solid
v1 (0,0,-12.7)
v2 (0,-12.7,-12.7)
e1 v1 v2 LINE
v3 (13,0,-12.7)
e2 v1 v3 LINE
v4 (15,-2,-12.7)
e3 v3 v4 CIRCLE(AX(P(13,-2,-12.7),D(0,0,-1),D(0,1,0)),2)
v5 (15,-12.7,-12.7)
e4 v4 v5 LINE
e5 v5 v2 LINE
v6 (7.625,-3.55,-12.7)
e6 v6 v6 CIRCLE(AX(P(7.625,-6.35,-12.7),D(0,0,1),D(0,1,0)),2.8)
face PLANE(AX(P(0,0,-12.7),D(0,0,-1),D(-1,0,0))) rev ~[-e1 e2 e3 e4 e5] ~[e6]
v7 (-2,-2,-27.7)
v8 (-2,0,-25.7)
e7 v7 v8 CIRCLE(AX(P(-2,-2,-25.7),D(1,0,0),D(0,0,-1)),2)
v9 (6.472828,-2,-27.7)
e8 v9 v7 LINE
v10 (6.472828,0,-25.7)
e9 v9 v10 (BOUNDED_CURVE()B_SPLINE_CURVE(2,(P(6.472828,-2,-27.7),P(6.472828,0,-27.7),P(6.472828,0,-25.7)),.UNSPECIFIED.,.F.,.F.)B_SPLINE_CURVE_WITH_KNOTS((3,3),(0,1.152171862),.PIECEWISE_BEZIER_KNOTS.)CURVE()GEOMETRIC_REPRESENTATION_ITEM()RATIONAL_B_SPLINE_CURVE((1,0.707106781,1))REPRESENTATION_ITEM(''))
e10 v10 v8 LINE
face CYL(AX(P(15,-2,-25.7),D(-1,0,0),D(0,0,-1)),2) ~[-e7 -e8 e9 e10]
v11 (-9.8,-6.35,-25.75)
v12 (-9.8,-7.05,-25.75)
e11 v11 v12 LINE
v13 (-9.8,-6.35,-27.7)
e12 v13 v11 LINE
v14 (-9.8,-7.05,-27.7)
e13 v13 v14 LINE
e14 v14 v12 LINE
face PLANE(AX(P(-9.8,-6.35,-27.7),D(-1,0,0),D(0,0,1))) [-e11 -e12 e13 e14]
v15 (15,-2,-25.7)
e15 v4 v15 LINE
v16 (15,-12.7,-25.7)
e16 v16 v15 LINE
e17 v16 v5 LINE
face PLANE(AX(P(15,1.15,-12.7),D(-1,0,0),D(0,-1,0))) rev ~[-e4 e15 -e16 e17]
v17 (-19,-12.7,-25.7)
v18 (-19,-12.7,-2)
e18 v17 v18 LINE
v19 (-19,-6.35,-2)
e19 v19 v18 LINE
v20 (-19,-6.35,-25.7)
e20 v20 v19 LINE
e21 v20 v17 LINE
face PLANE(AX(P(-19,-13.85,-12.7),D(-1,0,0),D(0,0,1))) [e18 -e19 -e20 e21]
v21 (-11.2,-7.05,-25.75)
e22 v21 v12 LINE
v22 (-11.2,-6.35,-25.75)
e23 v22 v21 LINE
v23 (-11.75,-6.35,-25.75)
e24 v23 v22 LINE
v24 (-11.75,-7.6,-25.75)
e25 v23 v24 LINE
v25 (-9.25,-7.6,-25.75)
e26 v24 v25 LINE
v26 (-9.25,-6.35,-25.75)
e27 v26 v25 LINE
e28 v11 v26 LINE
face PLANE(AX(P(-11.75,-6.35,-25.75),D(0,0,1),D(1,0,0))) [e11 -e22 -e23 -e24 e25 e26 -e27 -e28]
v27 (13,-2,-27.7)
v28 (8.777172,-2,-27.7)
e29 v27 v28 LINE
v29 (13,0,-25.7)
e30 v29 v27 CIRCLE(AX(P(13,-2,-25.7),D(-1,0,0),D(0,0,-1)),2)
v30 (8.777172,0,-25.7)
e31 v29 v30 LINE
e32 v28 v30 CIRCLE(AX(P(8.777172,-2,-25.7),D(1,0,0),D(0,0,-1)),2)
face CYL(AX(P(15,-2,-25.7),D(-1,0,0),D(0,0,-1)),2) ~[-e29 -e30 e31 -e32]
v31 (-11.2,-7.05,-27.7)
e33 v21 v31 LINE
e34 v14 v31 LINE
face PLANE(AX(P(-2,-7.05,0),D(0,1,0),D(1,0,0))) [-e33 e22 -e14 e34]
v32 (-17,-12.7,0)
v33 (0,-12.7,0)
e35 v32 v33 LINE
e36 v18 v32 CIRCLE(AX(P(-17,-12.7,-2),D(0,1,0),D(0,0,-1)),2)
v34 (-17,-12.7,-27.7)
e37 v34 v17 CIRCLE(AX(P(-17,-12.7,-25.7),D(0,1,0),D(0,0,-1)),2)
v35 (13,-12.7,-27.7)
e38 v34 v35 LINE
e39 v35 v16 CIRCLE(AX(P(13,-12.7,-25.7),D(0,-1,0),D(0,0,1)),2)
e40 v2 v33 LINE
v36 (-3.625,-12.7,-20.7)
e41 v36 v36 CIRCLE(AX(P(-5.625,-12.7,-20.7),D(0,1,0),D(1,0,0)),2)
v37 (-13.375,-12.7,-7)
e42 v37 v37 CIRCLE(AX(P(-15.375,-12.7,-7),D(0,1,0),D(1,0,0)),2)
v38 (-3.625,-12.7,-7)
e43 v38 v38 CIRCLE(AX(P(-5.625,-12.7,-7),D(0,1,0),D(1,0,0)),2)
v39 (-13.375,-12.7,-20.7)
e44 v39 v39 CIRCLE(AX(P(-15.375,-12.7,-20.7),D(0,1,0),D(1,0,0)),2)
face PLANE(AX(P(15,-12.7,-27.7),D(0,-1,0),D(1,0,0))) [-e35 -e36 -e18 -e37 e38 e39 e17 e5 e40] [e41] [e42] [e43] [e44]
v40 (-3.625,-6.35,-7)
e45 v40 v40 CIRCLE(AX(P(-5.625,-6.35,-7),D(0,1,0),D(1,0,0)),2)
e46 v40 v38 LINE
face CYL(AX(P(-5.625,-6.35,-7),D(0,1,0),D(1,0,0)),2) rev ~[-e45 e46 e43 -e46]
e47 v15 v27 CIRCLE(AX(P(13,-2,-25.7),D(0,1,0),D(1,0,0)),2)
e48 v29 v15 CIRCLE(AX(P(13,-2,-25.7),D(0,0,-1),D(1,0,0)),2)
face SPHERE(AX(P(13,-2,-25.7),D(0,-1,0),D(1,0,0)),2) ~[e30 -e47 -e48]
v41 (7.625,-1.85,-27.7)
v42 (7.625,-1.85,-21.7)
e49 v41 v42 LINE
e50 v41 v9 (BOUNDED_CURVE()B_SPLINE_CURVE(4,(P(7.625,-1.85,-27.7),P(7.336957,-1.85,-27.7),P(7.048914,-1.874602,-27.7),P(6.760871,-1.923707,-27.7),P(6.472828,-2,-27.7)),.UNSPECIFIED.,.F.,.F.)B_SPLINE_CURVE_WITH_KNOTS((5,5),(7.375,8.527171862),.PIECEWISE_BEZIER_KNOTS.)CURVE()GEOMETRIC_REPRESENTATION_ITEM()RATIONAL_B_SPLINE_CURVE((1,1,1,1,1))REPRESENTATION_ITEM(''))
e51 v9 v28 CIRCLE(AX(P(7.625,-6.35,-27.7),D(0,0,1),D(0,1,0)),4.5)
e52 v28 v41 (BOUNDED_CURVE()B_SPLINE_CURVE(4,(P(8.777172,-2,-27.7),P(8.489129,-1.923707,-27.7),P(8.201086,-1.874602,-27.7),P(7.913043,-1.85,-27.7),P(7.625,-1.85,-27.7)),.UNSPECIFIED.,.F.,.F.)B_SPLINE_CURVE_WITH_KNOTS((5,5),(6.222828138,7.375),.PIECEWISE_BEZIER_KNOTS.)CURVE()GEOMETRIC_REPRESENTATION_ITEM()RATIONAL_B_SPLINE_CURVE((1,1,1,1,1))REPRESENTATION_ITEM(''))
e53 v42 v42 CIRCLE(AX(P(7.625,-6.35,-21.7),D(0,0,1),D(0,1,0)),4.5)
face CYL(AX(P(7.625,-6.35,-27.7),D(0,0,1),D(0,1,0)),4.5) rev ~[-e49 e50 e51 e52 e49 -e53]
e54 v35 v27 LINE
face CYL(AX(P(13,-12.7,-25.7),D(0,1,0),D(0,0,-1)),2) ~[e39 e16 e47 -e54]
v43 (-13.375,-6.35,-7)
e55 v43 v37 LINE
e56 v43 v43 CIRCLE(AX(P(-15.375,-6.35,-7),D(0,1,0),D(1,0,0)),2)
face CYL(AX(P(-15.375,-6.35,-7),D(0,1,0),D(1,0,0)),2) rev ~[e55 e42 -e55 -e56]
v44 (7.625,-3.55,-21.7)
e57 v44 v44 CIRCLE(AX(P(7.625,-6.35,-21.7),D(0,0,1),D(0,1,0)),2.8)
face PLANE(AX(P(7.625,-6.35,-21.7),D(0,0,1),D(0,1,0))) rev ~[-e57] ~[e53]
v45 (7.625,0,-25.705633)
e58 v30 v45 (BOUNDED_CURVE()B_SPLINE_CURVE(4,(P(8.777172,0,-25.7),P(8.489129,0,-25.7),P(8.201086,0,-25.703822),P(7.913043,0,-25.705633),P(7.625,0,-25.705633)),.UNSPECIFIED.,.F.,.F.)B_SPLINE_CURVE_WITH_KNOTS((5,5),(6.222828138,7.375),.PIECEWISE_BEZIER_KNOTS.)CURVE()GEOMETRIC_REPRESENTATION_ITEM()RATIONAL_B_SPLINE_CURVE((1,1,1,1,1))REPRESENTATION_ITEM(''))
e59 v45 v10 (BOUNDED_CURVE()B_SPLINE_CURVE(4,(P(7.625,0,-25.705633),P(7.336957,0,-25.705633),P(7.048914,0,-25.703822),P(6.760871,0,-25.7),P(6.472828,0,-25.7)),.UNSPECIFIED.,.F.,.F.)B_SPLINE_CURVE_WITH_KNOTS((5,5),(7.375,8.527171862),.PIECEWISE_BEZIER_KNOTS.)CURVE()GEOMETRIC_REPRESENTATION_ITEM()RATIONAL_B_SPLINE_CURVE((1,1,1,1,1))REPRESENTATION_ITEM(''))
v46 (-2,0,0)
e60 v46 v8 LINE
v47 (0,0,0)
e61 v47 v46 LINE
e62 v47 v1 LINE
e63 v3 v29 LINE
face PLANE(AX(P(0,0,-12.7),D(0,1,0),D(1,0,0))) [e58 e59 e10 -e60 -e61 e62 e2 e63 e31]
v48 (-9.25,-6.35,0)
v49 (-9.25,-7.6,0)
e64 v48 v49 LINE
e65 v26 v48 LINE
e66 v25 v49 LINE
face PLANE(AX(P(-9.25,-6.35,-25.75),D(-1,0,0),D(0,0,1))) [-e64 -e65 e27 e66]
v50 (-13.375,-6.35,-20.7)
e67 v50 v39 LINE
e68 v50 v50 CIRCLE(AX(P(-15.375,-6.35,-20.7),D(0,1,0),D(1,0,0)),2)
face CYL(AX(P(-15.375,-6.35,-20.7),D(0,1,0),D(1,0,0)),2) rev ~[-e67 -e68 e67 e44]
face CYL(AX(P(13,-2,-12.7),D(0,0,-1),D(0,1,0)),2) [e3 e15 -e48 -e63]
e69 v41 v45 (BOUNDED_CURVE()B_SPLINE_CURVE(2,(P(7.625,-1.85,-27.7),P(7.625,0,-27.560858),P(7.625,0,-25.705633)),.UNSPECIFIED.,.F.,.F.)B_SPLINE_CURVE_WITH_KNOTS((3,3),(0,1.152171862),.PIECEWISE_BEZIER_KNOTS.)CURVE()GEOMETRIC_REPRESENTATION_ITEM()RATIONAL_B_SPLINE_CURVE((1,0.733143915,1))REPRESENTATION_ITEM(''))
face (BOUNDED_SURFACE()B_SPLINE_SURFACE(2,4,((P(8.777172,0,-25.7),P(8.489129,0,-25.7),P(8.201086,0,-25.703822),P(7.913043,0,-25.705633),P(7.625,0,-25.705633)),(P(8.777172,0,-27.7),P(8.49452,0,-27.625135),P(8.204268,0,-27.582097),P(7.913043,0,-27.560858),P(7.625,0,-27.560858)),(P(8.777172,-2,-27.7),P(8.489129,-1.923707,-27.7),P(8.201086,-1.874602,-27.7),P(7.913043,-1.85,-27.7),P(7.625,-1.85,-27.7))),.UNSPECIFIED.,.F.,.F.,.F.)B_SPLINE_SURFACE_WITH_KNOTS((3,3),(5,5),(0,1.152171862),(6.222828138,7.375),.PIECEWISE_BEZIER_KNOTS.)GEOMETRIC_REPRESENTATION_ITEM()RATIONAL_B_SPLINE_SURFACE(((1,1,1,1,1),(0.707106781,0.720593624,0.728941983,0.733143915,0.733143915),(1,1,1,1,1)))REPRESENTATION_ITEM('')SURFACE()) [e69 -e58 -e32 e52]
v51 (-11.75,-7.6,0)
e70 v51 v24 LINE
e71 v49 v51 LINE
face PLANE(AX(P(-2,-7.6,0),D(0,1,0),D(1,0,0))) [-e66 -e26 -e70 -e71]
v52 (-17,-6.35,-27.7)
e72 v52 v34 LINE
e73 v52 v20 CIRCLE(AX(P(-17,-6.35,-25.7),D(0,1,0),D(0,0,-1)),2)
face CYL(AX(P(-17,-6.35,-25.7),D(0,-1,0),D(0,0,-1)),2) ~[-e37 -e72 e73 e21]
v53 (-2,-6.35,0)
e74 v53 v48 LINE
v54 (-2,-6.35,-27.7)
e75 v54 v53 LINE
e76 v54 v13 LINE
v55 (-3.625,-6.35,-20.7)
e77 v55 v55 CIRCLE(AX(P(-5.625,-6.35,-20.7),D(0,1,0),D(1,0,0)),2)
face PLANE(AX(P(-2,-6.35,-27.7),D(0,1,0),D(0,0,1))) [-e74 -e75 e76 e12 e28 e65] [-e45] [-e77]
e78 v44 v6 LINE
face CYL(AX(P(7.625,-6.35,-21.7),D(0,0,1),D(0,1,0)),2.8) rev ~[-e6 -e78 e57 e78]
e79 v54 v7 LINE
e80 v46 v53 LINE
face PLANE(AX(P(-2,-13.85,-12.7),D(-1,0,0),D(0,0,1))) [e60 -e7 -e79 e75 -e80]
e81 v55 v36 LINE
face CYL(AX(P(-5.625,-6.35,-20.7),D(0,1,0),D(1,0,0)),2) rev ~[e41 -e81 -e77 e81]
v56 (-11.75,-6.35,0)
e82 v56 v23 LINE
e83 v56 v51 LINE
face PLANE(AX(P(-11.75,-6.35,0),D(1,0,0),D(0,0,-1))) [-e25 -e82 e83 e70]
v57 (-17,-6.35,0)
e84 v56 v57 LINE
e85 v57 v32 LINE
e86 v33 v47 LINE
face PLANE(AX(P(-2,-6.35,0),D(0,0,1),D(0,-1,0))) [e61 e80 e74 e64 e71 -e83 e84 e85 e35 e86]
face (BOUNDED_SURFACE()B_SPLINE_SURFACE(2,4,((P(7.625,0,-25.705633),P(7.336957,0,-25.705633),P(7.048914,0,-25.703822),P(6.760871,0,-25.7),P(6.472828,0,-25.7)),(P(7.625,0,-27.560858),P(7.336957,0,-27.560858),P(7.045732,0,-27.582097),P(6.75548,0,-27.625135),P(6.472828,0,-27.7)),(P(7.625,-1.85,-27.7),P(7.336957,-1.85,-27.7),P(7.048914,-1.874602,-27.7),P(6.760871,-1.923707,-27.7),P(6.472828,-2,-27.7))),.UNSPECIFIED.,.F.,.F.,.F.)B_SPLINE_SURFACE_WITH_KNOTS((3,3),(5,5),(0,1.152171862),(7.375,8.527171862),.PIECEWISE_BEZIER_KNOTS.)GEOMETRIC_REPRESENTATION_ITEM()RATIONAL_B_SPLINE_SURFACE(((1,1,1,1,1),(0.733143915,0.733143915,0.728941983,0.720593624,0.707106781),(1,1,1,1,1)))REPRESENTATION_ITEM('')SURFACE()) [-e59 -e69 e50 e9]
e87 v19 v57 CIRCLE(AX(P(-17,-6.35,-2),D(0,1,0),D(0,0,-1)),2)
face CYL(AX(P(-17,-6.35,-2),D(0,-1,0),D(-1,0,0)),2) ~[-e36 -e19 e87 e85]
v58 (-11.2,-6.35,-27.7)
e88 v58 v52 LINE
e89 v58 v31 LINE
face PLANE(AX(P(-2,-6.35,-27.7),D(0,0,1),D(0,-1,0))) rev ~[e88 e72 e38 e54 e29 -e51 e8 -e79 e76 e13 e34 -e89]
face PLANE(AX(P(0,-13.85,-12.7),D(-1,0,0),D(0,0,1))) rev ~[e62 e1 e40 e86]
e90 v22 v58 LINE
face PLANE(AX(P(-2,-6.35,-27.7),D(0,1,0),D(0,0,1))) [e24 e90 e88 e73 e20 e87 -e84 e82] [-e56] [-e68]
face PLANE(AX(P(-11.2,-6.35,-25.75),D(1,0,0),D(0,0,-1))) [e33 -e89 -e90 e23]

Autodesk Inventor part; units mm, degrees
ref_plane "YZ Plane" through (0, 0, 0) normal (1, 0, 0) x (0, 1, 0)
ref_plane "XZ Plane" through (0, 0, 0) normal (0, 1, 0) x (-1, 0, 0)
ref_plane "Arbeitsebene1" through (0, 0, -12.7) normal (0, 0, -1) x (-1, 0, 0)
sketch "Skizze2" plane through (0, 0, -12.7) normal (0, 0, -1) x (-1, 0, 0)
  line L0 (-55.25, 0) -> (-55.25, -12.7) projected
  line L1 (0, -12.7) -> (-55.25, -12.7) projected
  line L2 (0, 0) -> (0, -12.7) projected
  line L3 (0, 0) -> (-55.25, 0) projected
  circle A0 centre (-47.625, -6.35) radius 2.75 projected
  circle A1 centre (-7.625, -6.35) radius 2.75 projected
  line L4 (0, 1.15) -> (-15, 1.15)
  line L5 (-15, 1.15) -> (-15, -13.85)
  line L6 (-15, -13.85) -> (0, -13.85)
  line L7 (0, -13.85) -> (0, 1.15)
  point P0 (-15, -6.35)
  dimension "d1" = 15
  dimension "d2" = 0
  dimension "d3" = 15
extrude "Extrusion1" add sketch "Skizze2" along normal blind 15 contours L5 L4 L7 L3 | L3 L2 L1 L5 | L1 L7 L6 L5 | A1
sketch "Skizze3" plane through (0, -13.85, -12.7) normal (-1, 0, 0) x (0, 0, 1)
  line L0 (12.7, 1.15) -> (12.7, 13.85) projected
  line L1 (-15, 0) -> (-15, 15) projected
  line L2 (-15, 15) -> (12.7, 15)
  line L3 (12.7, 15) -> (12.7, 0)
  line L4 (12.7, 0) -> (-15, 0)
  line L5 (-15, 0) -> (-15, 15)
  line L6 (0, 0) -> (-15, 0) projected
extrude "Extrusion2" add sketch "Skizze3" along normal blind 2
sketch "Skizze4" plane through (-2, -13.85, -12.7) normal (-1, 0, 0) x (0, 0, 1)
  line L0 (0, 0) -> (12.7, 0) projected
  line L1 (-15, 15) -> (-15, 0) projected
  line L2 (12.7, 0) -> (-15, 0)
  line L3 (-15, 0) -> (-15, 7.5)
  line L4 (-15, 7.5) -> (12.7, 7.5)
  line L5 (12.7, 7.5) -> (12.7, 0)
  line L6 (12.7, 0) -> (12.7, 15) projected
  point P0 (12.7, 13.85)
  point P1 (12.7, 7.5)
  point P2 (-1.15, 7.5)
extrude "Extrusion3" add sketch "Skizze4" along normal blind 17
sketch "Skizze5" plane through (-2, -6.35, 0) normal (0, 1, 0) x (1, 0, 0)
  line L0 (0, 27.7) -> (-17, 27.7) projected
  line L1 (0, 0) -> (0, 27.7) projected
  line L2 (0, 0) -> (-17, 0) projected
  line L3 (-17, 0) -> (-17, 27.7) projected
  line L4 (-7.25, 0) -> (-9.75, 0)
  line L5 (-9.75, 0) -> (-9.75, 25.75)
  line L6 (-9.75, 25.75) -> (-7.25, 25.75)
  line L7 (-7.25, 25.75) -> (-7.25, 0)
  point P0 (2, 0)
  point P1 (-8.5, 0)
  point P2 (-8.5, 0)
  dimension "d10" = 2.5
  dimension "d17" = 25.75
extrude "Extrusion4" cut sketch "Skizze5" against normal blind 1.25 contours L2 L5 L6 L7
sketch "Skizze6" plane through (-2, -6.35, 0) normal (0, 1, 0) x (1, 0, 0)
  line L0 (-9.75, 25.75) -> (-7.25, 25.75) projected
  line L1 (-7.25, 25.75) -> (-7.25, 0) projected
  line L2 (-9.75, 0) -> (-9.75, 25.75) projected
  line L3 (0, 27.7) -> (-17, 27.7) projected
  line L4 (-9.75, 25.75) -> (-7.25, 25.75) projected
  line L5 (-7.8, 25.75) -> (-9.2, 25.75)
  line L6 (-9.2, 25.75) -> (-9.2, 27.7)
  line L7 (-9.2, 27.7) -> (-7.8, 27.7)
  line L8 (-7.8, 27.7) -> (-7.8, 25.75)
  point P0 (2, 0)
  point P1 (-8.5, 25.75)
  point P2 (-8.5, 25.75)
  point P3 (-7.8, 27.7)
  dimension "d14" = 1.4
extrude "Extrusion5" cut sketch "Skizze6" against normal blind 0.7
sketch "Skizze7" plane through (-2, -6.35, 0) normal (0, 1, 0) x (1, 0, 0)
  circle A0 centre (-3.625, 7) radius 2
  circle A1 centre (-13.375, 7) radius 2
  circle A2 centre (-13.375, 20.7) radius 2
  circle A3 centre (-3.625, 20.7) radius 2
  line L0 (0, 0) -> (-7.25, 0) projected
  line L1 (-9.75, 0) -> (-17, 0) projected
  line L2 (-9.2, 27.7) -> (-17, 27.7) projected
  point P0 (2, 0)
  point P1 (-3.625, 0)
  point P2 (-13.375, 0)
  dimension "d18" = 4
  dimension "d19" = 4
  dimension "d20" = 4
  dimension "d21" = 4
  dimension "d22" = 7
  dimension "d23" = 7
extrude "Extrusion6" cut sketch "Skizze7" against normal blind 10
sketch "Skizze9" plane through (0, 0, -27.7) normal (0, 0, -1) x (-1, 0, 0)
  circle A0 centre (-7.625, -6.35) radius 2.75 projected
  point P0 (0, 0)
hole "Bohrung1" at (7.625, -6.35, -27.7) direction (0, 0, 1) diameter 5.6 depth 15 counterbore diameter 9 counterbore depth 6
sketch "Skizze10" plane through (0, 1.15, -12.7) normal (0, 1, 0) x (1, 0, 0)
  line L0 (19, -16) -> (-4, -16)
  line L1 (-4, -16) -> (-4, 20)
  line L2 (-4, 20) -> (19, 20)
  line L3 (19, 20) -> (19, -16)
  point P0 (0, -12.7)
extrude "Extrusion8" cut sketch "Skizze10" against normal blind 1.15
sketch "Skizze11" plane through (15, -13.85, -27.7) normal (0, -1, 0) x (1, 0, 0)
  line L0 (6, 49) -> (-39, 49)
  line L1 (-39, 49) -> (-39, -17)
  line L2 (-39, -17) -> (6, -17)
  line L3 (6, -17) -> (6, 49)
  point P0 (-15, 27.7)
extrude "Extrusion9" cut sketch "Skizze11" against normal blind 1.15
fillet "Rundung2" radius 2 5 edges at (-19, -9.525, -27.7) (-19, -9.525, 0) (15, -6.35, -27.7) (15, 0, -20.2) (6.5, 0, -27.7)
equation "\"d19\" = d18"
equation "\"d20\" = d19"
equation "\"d21\" = d19"
equation "\"d23\" = d22"
properties part number "NadelhalterSchraub"
